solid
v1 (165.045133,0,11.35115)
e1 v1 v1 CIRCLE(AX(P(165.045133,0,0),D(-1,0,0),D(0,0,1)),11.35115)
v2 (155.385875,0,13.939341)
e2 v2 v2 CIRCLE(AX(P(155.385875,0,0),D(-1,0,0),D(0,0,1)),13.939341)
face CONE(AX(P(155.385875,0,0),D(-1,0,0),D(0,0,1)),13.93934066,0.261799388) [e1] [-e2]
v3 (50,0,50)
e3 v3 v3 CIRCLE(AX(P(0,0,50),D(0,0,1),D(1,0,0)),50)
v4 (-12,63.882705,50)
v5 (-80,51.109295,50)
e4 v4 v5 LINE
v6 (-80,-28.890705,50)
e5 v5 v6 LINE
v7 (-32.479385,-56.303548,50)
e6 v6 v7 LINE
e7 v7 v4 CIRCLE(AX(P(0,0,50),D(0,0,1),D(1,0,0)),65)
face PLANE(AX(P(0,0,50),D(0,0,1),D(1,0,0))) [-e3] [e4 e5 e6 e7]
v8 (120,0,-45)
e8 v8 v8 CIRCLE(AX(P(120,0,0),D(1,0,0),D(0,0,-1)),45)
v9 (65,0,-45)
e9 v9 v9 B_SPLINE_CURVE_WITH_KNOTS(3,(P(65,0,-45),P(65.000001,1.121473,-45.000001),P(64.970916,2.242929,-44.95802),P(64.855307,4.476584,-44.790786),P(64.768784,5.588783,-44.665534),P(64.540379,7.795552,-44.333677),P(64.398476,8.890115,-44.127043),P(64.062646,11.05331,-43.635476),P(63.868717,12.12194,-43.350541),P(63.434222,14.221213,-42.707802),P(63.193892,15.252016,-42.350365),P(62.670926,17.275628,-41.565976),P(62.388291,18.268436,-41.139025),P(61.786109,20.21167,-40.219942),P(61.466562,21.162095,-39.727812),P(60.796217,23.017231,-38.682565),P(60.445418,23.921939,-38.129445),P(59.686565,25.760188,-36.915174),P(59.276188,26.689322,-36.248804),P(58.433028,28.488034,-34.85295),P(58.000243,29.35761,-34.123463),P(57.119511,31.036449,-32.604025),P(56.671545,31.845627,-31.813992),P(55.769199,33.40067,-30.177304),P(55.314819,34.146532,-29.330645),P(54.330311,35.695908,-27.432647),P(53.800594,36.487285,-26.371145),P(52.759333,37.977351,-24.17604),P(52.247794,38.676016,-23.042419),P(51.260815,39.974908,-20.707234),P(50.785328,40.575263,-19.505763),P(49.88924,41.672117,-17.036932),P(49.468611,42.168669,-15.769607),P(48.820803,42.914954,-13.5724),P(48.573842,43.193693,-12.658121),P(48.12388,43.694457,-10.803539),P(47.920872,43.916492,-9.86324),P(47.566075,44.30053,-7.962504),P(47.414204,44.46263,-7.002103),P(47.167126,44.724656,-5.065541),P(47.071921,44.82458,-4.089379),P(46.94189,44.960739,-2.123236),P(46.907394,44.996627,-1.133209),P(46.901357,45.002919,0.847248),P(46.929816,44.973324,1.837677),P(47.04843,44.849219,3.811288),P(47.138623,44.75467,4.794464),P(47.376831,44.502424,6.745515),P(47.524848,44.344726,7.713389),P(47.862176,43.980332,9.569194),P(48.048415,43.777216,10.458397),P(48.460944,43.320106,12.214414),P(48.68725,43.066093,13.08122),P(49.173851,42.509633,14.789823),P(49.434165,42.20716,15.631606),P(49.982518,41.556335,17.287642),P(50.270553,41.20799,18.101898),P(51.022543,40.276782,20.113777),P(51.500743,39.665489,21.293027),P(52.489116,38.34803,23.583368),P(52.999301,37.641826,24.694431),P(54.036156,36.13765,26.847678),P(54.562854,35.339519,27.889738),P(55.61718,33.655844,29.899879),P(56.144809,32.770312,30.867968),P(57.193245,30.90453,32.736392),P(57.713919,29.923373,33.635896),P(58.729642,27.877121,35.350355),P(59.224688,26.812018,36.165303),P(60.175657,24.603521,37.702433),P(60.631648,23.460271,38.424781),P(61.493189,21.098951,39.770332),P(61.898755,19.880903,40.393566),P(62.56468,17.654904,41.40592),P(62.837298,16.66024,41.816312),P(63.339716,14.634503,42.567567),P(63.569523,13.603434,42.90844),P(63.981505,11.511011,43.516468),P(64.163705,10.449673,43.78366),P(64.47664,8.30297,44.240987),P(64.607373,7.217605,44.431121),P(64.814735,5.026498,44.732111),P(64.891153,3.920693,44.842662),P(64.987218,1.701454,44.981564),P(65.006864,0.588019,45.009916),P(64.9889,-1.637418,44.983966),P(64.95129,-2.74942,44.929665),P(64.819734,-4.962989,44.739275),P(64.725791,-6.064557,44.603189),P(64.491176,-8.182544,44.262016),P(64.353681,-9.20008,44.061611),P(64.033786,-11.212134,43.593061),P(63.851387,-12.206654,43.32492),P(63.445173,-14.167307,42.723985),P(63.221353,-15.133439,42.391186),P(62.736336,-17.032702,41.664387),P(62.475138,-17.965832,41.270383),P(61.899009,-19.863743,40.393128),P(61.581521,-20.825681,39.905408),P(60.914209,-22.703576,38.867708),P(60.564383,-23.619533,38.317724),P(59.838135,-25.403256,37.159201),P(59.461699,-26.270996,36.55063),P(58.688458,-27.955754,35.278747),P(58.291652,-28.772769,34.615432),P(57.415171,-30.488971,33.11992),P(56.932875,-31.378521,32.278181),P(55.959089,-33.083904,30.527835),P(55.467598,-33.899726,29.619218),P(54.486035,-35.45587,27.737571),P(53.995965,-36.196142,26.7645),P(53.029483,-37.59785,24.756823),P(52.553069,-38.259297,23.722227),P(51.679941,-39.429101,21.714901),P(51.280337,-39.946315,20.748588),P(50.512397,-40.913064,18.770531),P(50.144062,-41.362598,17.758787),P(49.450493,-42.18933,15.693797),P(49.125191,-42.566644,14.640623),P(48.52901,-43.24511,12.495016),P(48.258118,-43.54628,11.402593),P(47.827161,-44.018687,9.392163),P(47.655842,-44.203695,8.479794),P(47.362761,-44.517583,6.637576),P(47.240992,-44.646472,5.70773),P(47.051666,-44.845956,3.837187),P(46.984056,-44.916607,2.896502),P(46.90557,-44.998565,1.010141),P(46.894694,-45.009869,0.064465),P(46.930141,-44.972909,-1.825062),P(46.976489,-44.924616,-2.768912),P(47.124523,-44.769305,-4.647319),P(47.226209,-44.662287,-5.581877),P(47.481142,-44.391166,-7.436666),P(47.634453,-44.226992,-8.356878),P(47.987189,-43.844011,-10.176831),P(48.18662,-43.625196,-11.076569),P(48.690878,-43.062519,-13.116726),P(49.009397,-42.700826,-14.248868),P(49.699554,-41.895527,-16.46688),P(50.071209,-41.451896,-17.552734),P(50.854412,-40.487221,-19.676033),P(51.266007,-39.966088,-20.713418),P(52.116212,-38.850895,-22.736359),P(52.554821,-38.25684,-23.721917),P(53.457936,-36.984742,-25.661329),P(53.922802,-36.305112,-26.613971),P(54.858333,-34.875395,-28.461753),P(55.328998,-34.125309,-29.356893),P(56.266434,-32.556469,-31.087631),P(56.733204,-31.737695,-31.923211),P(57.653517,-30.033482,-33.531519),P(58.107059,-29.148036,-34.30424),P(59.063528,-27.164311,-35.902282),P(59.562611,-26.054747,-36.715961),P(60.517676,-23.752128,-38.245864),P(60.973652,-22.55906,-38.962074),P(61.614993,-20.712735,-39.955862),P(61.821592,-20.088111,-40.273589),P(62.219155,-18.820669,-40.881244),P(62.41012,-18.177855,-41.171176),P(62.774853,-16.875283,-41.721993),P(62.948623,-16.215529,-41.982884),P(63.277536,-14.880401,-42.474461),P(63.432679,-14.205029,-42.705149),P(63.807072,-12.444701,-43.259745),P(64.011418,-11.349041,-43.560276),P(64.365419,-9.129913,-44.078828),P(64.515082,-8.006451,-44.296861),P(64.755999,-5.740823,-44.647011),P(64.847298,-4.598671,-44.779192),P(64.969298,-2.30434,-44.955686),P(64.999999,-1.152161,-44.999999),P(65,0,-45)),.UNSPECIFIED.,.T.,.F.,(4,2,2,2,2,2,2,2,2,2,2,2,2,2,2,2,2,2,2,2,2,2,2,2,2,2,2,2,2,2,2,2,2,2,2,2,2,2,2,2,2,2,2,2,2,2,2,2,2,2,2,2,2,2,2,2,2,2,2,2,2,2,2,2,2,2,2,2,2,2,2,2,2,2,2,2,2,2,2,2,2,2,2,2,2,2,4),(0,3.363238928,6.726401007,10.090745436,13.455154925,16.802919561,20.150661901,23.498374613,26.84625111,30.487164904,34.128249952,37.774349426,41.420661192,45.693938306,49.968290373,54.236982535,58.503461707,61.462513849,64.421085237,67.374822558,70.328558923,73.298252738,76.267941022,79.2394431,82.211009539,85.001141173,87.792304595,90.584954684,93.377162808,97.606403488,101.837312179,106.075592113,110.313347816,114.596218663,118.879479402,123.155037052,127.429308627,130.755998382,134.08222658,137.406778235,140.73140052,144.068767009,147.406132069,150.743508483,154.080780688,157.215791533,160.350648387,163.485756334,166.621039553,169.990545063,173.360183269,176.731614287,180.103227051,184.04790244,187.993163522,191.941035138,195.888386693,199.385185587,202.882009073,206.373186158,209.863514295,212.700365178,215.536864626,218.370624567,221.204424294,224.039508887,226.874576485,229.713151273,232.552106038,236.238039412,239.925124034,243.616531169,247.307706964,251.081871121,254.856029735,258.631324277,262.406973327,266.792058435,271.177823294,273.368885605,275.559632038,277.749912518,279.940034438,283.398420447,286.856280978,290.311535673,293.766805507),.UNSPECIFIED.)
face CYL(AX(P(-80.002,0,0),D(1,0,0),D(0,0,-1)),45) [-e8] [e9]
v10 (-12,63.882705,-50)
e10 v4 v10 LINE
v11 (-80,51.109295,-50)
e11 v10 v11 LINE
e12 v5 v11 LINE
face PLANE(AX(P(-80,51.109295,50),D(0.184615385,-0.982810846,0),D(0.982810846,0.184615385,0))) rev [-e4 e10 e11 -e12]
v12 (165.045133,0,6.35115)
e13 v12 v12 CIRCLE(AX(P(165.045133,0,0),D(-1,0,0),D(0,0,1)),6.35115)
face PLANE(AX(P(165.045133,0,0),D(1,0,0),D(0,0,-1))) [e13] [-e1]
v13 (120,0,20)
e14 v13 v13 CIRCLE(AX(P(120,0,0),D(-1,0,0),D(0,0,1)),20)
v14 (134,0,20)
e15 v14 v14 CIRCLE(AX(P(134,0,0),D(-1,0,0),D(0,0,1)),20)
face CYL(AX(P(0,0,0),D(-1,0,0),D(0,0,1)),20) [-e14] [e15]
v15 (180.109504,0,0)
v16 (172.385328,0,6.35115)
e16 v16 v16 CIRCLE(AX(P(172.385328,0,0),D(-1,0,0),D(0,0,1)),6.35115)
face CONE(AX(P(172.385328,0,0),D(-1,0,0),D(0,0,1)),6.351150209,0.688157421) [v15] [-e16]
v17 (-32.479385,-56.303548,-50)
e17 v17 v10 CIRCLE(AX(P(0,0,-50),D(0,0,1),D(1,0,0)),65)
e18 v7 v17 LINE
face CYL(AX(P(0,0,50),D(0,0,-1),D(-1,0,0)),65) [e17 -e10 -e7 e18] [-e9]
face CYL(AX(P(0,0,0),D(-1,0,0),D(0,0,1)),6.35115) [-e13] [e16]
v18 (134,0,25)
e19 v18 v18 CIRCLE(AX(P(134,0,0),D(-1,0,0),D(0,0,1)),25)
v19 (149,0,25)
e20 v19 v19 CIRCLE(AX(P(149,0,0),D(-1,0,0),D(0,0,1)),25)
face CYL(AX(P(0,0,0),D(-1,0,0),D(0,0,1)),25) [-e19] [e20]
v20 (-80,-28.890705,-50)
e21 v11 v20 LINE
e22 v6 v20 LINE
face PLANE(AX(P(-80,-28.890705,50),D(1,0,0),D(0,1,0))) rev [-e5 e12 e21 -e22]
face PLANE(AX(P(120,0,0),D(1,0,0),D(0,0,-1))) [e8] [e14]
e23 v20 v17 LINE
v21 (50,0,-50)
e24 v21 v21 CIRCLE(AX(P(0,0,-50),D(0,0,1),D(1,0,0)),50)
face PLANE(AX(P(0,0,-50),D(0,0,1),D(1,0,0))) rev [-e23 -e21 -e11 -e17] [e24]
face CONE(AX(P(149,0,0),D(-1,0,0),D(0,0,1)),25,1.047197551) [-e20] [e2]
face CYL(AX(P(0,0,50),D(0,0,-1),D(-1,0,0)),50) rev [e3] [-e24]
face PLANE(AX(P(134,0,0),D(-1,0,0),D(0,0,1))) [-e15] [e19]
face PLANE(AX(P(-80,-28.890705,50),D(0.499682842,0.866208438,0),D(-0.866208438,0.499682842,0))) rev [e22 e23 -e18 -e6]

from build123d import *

# Parameters (mm, degrees)
IZIM1_R                          = 50
Y_KSEKLIK_EKSTR_ZYON1_DEPTH      = 50
Y_KSEKLIK_EKSTR_ZYON2_REACH      = 218.16
Y_KSEKLIK_EKSTR_ZYON2_END_RADIUS = 65
IZIM2_R                          = 45


with BuildPart() as part:
    # Çizim1 → Yükseklik-Ekstrüzyon1 (new, symmetric)
    with BuildSketch(Plane.XY):
        with BuildLine():
            Line((-80, -28.89070525), (-80, 51.10929475))
            Line((-80, 51.10929475), (-12, 63.882705015))
            ThreePointArc((-12, 63.882705015), (64.076421536, -10.918434095), (-32.479384713, -56.303548455))
            Line((-32.479384713, -56.303548455), (-80, -28.89070525))
        make_face()
        Circle(IZIM1_R, mode=Mode.SUBTRACT)
    extrude(amount=Y_KSEKLIK_EKSTR_ZYON1_DEPTH, both=True)

    # Yükseklik-Ekstrüzyon2: up to this cylinder (the profile starts outside it)
    y_kseklik_ekstr_zyon2_end = Plane(origin=(0, 0, 0), z_dir=(0, 0, -1)) * Cylinder(Y_KSEKLIK_EKSTR_ZYON2_END_RADIUS, 567.32, mode=Mode.PRIVATE)
    # Çizim2 → Yükseklik-Ekstrüzyon2 (add, up to the surface)
    with BuildSketch(Plane(origin=(120, 0, 0), x_dir=(0, 0, -1), z_dir=(1, 0, 0)), mode=Mode.PRIVATE) as y_kseklik_ekstr_zyon2_sk1:
        Circle(IZIM2_R)
    y_kseklik_ekstr_zyon2_tool1 = extrude(y_kseklik_ekstr_zyon2_sk1.sketch, amount=-Y_KSEKLIK_EKSTR_ZYON2_REACH, mode=Mode.PRIVATE) - y_kseklik_ekstr_zyon2_end
    add(y_kseklik_ekstr_zyon2_tool1.solids().sort_by_distance((120, 0, 0))[0])

    # Çizim3 → Döndür1 (revolve)
    with BuildSketch(Plane.XY, mode=Mode.PRIVATE) as d_nd_r1_sk:
        Polygon((164.385328123, -6.351150209), (172.385328123, -6.351150209), (180.109503873, 0), (120, 0), (120, -20), (134, -20), (134, -25), (149, -25), (155.385874648, -13.93934066), (165.04513291, -11.351150209), (165.04513291, -6.351150209), align=None)
    revolve(d_nd_r1_sk.sketch.rotate(Axis((0, 0, 0), (1, 0, 0)), 270), axis=Axis((0, 0, 0), (1, 0, 0)))


solid = part.part
